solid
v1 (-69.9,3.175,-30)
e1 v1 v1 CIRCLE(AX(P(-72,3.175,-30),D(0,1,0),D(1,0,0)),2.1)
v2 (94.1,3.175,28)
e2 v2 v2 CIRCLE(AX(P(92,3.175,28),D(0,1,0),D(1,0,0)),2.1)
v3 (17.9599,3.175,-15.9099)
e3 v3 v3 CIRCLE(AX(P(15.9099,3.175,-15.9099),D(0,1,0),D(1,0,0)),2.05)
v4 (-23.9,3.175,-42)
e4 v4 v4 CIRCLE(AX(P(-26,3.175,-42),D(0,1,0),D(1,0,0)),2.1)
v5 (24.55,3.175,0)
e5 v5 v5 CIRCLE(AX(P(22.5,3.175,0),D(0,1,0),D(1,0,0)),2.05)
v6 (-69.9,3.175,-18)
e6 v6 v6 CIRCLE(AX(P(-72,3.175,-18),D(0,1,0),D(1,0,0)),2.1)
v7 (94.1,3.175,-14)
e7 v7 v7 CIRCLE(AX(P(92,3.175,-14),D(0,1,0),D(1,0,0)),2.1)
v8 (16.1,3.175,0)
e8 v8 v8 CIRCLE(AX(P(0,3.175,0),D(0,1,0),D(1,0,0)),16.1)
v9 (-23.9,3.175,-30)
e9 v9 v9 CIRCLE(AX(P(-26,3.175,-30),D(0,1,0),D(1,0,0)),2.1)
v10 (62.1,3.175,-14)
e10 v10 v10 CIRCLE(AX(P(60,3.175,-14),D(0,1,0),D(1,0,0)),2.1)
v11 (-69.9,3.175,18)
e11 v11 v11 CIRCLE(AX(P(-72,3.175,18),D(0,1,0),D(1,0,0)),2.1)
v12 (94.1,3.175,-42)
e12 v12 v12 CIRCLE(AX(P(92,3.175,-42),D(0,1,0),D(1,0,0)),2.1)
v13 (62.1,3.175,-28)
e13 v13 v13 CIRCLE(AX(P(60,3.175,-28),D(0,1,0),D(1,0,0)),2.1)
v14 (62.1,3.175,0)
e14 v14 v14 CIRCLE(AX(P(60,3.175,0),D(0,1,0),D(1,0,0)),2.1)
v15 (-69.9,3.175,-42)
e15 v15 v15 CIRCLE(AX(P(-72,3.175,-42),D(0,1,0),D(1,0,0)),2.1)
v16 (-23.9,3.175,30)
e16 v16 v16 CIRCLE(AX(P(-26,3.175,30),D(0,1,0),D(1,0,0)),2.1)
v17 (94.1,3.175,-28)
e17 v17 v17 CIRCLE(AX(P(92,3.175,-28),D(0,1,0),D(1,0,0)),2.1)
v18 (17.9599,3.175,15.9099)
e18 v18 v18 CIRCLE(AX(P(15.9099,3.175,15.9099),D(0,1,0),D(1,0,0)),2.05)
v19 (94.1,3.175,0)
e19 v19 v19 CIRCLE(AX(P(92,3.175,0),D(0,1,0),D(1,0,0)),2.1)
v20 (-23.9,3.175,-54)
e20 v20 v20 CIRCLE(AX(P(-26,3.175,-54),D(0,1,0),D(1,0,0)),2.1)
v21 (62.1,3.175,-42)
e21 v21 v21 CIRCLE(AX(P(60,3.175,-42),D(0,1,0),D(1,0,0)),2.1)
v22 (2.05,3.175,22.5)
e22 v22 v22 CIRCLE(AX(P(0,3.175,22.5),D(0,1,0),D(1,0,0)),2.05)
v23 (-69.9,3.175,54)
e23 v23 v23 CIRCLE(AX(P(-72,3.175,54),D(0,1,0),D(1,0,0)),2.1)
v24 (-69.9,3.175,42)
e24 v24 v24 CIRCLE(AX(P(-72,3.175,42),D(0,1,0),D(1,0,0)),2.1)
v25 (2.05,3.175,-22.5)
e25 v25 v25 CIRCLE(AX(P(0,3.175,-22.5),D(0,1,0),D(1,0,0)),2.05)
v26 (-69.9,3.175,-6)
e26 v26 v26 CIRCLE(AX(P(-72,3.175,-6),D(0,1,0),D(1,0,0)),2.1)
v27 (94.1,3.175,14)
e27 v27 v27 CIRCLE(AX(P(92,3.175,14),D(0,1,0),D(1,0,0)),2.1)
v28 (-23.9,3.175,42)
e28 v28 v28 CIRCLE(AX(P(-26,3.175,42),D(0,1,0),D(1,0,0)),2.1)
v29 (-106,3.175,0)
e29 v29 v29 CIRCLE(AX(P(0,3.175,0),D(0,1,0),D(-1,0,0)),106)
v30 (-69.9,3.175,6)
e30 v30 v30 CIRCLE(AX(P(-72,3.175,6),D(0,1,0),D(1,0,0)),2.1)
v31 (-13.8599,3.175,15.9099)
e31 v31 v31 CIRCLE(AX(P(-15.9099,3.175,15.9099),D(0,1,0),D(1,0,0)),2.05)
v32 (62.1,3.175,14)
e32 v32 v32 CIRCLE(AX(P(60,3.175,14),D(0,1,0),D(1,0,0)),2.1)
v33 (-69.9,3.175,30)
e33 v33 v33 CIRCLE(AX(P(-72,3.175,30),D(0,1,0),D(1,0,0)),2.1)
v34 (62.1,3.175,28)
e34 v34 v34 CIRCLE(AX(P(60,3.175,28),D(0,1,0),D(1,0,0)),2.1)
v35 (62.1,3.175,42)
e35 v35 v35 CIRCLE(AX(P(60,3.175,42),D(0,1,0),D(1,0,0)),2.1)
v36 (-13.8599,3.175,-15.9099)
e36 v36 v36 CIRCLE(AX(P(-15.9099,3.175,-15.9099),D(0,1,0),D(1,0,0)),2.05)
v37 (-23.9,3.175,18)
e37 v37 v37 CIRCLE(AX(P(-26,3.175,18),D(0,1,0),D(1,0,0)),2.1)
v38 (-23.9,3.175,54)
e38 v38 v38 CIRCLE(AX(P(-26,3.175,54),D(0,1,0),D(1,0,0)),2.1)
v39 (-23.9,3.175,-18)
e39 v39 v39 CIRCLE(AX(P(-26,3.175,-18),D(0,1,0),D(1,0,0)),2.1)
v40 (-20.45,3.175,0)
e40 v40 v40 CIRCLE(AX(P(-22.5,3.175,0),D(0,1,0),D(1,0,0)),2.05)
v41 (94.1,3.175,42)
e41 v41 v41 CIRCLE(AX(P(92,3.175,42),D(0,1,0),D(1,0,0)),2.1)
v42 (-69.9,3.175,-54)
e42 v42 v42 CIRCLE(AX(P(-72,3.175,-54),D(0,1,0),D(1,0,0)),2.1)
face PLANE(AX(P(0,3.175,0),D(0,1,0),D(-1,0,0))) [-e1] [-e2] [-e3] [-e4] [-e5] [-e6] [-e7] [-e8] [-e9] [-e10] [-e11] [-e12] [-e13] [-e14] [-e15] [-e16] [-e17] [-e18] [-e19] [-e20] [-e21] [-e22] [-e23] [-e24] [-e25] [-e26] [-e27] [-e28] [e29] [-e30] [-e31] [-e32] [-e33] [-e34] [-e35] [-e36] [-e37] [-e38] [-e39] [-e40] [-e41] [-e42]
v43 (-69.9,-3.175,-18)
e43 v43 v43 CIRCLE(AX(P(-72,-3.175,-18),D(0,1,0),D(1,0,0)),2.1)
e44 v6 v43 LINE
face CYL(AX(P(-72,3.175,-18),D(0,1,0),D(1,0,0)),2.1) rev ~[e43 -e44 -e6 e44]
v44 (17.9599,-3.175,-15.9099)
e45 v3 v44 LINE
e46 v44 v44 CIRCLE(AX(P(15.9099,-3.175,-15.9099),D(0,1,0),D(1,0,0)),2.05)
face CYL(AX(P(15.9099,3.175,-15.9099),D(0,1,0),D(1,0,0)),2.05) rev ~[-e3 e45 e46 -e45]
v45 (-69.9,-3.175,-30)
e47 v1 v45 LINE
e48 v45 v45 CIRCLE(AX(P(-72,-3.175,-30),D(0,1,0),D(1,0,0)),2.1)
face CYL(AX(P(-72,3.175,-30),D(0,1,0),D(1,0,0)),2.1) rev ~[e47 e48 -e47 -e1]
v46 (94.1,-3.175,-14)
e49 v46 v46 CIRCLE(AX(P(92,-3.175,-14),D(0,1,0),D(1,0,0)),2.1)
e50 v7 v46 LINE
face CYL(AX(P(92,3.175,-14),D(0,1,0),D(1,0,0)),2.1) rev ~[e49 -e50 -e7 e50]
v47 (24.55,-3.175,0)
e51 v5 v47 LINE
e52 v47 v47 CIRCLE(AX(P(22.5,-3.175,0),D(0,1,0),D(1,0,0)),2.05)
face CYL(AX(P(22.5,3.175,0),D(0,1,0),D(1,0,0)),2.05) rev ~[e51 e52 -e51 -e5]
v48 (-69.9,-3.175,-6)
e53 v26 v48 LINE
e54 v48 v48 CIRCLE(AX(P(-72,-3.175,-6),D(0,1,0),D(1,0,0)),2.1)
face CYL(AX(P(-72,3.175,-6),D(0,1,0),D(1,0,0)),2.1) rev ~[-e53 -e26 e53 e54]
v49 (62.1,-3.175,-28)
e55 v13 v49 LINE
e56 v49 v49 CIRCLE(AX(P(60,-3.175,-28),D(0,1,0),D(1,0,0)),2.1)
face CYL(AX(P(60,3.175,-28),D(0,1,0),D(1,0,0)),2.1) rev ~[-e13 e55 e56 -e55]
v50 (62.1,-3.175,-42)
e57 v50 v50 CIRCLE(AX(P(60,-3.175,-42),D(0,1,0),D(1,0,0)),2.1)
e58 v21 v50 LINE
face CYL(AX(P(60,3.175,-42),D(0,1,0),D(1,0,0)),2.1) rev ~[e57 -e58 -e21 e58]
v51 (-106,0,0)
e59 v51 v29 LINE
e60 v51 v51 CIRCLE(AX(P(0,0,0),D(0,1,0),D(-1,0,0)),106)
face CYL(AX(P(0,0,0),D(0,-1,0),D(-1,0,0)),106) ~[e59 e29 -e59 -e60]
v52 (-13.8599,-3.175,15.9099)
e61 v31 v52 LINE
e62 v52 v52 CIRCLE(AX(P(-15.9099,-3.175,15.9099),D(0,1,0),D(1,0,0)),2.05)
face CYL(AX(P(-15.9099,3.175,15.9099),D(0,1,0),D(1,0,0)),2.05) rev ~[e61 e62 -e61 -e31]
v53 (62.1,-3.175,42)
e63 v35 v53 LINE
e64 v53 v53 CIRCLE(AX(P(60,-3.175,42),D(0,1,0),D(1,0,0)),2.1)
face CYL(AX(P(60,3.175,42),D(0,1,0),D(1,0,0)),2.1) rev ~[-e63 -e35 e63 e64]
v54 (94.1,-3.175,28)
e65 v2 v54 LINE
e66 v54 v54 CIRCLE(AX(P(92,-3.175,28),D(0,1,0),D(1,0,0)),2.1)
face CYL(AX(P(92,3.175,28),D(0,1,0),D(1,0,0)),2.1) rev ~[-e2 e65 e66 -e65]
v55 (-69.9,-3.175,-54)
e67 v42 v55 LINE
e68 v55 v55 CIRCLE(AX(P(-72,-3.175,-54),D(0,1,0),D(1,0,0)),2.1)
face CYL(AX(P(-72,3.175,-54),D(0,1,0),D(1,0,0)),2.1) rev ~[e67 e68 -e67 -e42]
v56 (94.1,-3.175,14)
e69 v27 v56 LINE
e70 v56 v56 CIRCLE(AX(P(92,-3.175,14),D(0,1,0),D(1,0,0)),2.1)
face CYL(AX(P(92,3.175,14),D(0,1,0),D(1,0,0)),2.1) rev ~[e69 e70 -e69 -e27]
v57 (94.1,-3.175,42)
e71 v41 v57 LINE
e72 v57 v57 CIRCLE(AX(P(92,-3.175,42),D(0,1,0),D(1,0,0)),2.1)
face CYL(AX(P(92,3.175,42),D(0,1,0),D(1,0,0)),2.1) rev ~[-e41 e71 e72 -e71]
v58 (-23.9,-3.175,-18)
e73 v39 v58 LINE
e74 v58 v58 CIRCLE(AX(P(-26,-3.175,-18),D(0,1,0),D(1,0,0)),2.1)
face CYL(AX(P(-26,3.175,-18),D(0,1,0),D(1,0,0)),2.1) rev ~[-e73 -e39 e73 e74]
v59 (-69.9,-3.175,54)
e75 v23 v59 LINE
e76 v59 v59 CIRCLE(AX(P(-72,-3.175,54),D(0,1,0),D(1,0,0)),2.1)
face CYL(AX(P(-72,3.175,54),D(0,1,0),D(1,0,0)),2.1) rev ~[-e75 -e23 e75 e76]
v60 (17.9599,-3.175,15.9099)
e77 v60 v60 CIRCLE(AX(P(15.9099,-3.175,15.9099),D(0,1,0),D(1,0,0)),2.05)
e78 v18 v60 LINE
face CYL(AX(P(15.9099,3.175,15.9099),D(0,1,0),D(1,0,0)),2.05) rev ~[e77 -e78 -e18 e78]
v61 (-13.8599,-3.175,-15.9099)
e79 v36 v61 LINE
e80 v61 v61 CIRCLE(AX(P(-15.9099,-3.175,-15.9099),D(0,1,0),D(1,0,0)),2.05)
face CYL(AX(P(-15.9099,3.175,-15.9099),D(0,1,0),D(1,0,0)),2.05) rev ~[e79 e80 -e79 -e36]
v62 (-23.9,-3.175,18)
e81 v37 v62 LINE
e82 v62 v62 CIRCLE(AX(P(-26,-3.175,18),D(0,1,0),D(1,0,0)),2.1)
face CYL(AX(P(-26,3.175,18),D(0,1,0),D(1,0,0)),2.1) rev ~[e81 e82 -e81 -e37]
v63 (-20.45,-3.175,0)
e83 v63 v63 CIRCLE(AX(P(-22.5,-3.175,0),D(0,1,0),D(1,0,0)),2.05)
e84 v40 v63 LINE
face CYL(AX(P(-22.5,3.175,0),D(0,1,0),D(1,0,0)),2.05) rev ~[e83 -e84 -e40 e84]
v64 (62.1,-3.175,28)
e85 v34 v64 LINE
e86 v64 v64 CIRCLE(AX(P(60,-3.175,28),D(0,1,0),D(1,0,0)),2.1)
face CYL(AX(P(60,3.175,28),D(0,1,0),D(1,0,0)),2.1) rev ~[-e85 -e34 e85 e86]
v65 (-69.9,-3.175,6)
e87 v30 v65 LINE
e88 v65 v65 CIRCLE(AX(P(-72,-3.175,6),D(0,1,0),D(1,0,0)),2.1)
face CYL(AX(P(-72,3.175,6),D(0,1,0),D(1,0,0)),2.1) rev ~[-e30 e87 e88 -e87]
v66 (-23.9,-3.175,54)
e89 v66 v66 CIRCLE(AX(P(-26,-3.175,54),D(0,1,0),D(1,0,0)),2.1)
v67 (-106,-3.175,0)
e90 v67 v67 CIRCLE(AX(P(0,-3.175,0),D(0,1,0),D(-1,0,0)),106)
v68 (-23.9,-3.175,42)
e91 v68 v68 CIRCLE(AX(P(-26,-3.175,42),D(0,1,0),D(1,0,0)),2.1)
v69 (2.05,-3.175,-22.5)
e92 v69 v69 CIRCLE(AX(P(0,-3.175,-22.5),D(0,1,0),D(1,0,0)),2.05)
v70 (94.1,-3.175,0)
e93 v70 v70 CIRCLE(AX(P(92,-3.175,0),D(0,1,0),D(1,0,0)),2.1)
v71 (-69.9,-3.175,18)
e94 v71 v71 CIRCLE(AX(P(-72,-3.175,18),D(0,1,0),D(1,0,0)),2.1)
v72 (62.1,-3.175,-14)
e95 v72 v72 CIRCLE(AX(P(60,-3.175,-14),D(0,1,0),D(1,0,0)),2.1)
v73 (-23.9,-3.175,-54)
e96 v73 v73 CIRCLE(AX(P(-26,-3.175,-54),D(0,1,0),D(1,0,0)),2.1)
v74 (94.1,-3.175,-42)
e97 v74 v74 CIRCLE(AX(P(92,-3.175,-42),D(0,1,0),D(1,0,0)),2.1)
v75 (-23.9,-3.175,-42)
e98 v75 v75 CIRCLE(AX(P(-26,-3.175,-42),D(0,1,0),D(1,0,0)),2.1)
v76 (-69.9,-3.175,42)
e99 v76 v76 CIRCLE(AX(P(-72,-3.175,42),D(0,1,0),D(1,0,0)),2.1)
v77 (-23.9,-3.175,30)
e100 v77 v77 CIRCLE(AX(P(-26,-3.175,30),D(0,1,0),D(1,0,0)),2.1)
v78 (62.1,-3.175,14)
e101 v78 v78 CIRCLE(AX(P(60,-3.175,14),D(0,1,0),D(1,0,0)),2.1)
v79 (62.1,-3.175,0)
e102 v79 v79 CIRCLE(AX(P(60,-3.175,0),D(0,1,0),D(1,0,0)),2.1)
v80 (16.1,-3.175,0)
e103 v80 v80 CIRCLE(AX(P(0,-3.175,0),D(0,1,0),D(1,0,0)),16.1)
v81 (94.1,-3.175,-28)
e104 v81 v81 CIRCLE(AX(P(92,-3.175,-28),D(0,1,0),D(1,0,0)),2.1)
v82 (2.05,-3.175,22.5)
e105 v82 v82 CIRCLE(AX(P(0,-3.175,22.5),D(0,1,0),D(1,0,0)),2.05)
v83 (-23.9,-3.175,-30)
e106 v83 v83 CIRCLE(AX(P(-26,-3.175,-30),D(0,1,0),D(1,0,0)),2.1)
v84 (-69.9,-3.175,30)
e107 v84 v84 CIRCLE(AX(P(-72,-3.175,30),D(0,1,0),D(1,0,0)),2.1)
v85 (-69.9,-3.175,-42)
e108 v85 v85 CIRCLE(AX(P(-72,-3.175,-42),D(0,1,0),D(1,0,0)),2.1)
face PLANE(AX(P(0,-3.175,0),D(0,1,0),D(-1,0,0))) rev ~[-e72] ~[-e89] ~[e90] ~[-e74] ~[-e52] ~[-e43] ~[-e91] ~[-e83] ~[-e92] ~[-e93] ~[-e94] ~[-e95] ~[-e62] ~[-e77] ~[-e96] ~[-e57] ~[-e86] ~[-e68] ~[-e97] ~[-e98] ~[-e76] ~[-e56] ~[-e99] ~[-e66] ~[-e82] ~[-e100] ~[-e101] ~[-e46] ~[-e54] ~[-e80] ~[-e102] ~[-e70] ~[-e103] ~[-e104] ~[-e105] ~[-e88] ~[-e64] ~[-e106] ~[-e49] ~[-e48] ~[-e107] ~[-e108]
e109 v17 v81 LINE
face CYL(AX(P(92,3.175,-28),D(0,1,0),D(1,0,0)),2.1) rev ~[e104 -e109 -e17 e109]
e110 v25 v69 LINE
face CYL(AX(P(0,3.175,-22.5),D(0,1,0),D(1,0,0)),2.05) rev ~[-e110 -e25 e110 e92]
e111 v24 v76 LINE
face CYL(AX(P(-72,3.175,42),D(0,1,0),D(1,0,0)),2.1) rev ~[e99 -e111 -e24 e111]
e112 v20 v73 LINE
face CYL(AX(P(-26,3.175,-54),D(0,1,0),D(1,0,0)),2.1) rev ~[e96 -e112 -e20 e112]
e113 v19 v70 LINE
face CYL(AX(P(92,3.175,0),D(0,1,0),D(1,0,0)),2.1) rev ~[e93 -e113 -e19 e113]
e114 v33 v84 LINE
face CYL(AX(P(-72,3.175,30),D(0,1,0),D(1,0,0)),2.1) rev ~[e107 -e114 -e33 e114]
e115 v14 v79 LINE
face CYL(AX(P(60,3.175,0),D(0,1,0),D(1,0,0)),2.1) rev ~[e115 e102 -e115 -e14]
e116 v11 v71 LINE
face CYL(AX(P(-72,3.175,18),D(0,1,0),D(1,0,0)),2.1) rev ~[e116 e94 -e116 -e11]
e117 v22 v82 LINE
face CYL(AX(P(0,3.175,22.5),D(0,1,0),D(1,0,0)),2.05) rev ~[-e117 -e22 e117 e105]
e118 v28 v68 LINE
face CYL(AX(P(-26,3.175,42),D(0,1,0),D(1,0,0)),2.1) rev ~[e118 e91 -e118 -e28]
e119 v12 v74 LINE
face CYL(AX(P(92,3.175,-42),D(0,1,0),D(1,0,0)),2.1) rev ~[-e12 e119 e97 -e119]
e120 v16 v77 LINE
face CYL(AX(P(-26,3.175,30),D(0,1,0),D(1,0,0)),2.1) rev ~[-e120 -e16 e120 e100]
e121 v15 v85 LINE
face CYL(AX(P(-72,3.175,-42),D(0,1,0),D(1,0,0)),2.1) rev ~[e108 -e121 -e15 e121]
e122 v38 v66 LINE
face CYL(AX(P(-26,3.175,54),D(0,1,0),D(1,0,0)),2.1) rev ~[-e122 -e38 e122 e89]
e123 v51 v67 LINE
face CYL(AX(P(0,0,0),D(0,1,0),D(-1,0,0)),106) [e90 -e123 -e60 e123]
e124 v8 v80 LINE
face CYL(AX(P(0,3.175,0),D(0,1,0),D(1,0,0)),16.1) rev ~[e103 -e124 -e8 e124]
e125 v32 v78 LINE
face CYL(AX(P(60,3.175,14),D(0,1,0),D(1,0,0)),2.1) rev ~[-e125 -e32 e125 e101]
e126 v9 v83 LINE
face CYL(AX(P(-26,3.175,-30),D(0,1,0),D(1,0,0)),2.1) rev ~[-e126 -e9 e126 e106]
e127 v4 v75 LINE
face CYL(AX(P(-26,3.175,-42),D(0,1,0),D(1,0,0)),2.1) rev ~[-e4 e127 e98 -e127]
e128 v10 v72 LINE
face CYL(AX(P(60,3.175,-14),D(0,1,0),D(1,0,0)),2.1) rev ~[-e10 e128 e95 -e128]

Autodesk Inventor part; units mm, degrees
ref_plane "YZ Plane" through (0, 0, 0) normal (1, 0, 0) x (0, 1, 0)
ref_plane "XZ Plane" through (0, 0, 0) normal (0, 1, 0) x (-1, 0, 0)
ref_plane "XY Plane" through (0, 0, 0) normal (0, 0, 1) x (1, 0, 0)
sketch "Sketch1" plane through (0, 0, 0) normal (0, 1, 0) x (-1, 0, 0)
  circle A0 centre (0, 0) radius 106
  dimension "d1" = 212
extrude "Extrusion1" add sketch "Sketch1" along normal mid plane 6.35
sketch "Sketch2" plane through (0, 3.175, 0) normal (0, 1, 0) x (1, 0, 0)
  circle A0 centre (0, 22.5) radius 2.05
  circle A1 centre (-15.9099, 15.9099) radius 2.05
  circle A2 centre (-22.5, 0) radius 2.05
  circle A3 centre (-15.9099, -15.9099) radius 2.05
  circle A4 centre (0, -22.5) radius 2.05
  circle A5 centre (15.9099, -15.9099) radius 2.05
  circle A6 centre (22.5, 0) radius 2.05
  circle A7 centre (15.9099, 15.9099) radius 2.05
  point P0 (0, 0)
  dimension "d4" = 4.1
  dimension "d5" = 22.5
  dimension "d8" = 360
extrude "Extrusion2" cut sketch "Sketch2" against normal through all
sketch "Sketch3" plane through (0, 3.175, 0) normal (0, 1, 0) x (1, 0, 0)
  circle A0 centre (0, 0) radius 16.1
  dimension "d12" = 32.2
extrude "Extrusion3" cut sketch "Sketch3" against normal through all
sketch "Sketch8" plane through (0, 3.175, 0) normal (0, 1, 0) x (1, 0, 0)
  circle A0 centre (-26, -54) radius 2.1
  circle A1 centre (0, 0) radius 106 construction
  line L0 (0, -106) -> (0, 0) construction
  circle A2 centre (-26, -42) radius 2.1
  circle A3 centre (-26, -30) radius 2.1
  circle A4 centre (-26, -18) radius 2.1
  circle A5 centre (-26, -6) radius 2.1
  circle A6 centre (-26, 6) radius 2.1
  circle A7 centre (-26, 18) radius 2.1
  circle A8 centre (-26, 30) radius 2.1
  circle A9 centre (-26, 42) radius 2.1
  circle A10 centre (-26, 54) radius 2.1
  line L1 (-26, -6) -> (-26, 6) construction
  circle A11 centre (-72, -54) radius 2.1
  circle A12 centre (-72, -42) radius 2.1
  circle A13 centre (-72, -30) radius 2.1
  circle A14 centre (-72, -18) radius 2.1
  circle A15 centre (-72, -6) radius 2.1
  circle A16 centre (-72, 6) radius 2.1
  circle A17 centre (-72, 18) radius 2.1
  circle A18 centre (-72, 30) radius 2.1
  circle A19 centre (-72, 42) radius 2.1
  circle A20 centre (-72, 54) radius 2.1
  point P0 (-26, 0)
  dimension "d71" = 4.2
  dimension "d74" = 12
  dimension "d79" = 26
  dimension "d80" = 4.2
  dimension "d83" = 12
  dimension "d88" = 46
extrude "Extrusion7" cut sketch "Sketch8" against normal through all contours A0 | A2 | A3 | A4 | A7 | A8 | A9 | A10 | A11 | A12 | A13 | A14 | A15 | A16 | A17 | A18 | A19 | A20
sketch "Sketch9" plane through (0, 3.175, 0) normal (0, 1, 0) x (1, 0, 0)
  circle A0 centre (60, -42) radius 2.1
  line L0 (0, 0) -> (0, 16.1) construction
  circle A1 centre (0, 0) radius 16.1 construction
  line L1 (0, 0) -> (16.1, 0) construction
  circle A2 centre (60, -28) radius 2.1
  circle A3 centre (60, -14) radius 2.1
  circle A4 centre (60, 0) radius 2.1
  circle A5 centre (60, 14) radius 2.1
  circle A6 centre (60, 28) radius 2.1
  circle A7 centre (60, 42) radius 2.1
  circle A8 centre (92, -42) radius 2.1
  circle A9 centre (92, -28) radius 2.1
  circle A10 centre (92, -14) radius 2.1
  circle A11 centre (92, 0) radius 2.1
  circle A12 centre (92, 14) radius 2.1
  circle A13 centre (92, 28) radius 2.1
  circle A14 centre (92, 42) radius 2.1
  dimension "d91" = 4.2
  dimension "d92" = 60
  dimension "d93" = 42
  dimension "d96" = 14
  dimension "d99" = 32
extrude "Extrusion8" cut sketch "Sketch9" against normal through all
properties part number "ArmBase" material "Aluminum 6061"
